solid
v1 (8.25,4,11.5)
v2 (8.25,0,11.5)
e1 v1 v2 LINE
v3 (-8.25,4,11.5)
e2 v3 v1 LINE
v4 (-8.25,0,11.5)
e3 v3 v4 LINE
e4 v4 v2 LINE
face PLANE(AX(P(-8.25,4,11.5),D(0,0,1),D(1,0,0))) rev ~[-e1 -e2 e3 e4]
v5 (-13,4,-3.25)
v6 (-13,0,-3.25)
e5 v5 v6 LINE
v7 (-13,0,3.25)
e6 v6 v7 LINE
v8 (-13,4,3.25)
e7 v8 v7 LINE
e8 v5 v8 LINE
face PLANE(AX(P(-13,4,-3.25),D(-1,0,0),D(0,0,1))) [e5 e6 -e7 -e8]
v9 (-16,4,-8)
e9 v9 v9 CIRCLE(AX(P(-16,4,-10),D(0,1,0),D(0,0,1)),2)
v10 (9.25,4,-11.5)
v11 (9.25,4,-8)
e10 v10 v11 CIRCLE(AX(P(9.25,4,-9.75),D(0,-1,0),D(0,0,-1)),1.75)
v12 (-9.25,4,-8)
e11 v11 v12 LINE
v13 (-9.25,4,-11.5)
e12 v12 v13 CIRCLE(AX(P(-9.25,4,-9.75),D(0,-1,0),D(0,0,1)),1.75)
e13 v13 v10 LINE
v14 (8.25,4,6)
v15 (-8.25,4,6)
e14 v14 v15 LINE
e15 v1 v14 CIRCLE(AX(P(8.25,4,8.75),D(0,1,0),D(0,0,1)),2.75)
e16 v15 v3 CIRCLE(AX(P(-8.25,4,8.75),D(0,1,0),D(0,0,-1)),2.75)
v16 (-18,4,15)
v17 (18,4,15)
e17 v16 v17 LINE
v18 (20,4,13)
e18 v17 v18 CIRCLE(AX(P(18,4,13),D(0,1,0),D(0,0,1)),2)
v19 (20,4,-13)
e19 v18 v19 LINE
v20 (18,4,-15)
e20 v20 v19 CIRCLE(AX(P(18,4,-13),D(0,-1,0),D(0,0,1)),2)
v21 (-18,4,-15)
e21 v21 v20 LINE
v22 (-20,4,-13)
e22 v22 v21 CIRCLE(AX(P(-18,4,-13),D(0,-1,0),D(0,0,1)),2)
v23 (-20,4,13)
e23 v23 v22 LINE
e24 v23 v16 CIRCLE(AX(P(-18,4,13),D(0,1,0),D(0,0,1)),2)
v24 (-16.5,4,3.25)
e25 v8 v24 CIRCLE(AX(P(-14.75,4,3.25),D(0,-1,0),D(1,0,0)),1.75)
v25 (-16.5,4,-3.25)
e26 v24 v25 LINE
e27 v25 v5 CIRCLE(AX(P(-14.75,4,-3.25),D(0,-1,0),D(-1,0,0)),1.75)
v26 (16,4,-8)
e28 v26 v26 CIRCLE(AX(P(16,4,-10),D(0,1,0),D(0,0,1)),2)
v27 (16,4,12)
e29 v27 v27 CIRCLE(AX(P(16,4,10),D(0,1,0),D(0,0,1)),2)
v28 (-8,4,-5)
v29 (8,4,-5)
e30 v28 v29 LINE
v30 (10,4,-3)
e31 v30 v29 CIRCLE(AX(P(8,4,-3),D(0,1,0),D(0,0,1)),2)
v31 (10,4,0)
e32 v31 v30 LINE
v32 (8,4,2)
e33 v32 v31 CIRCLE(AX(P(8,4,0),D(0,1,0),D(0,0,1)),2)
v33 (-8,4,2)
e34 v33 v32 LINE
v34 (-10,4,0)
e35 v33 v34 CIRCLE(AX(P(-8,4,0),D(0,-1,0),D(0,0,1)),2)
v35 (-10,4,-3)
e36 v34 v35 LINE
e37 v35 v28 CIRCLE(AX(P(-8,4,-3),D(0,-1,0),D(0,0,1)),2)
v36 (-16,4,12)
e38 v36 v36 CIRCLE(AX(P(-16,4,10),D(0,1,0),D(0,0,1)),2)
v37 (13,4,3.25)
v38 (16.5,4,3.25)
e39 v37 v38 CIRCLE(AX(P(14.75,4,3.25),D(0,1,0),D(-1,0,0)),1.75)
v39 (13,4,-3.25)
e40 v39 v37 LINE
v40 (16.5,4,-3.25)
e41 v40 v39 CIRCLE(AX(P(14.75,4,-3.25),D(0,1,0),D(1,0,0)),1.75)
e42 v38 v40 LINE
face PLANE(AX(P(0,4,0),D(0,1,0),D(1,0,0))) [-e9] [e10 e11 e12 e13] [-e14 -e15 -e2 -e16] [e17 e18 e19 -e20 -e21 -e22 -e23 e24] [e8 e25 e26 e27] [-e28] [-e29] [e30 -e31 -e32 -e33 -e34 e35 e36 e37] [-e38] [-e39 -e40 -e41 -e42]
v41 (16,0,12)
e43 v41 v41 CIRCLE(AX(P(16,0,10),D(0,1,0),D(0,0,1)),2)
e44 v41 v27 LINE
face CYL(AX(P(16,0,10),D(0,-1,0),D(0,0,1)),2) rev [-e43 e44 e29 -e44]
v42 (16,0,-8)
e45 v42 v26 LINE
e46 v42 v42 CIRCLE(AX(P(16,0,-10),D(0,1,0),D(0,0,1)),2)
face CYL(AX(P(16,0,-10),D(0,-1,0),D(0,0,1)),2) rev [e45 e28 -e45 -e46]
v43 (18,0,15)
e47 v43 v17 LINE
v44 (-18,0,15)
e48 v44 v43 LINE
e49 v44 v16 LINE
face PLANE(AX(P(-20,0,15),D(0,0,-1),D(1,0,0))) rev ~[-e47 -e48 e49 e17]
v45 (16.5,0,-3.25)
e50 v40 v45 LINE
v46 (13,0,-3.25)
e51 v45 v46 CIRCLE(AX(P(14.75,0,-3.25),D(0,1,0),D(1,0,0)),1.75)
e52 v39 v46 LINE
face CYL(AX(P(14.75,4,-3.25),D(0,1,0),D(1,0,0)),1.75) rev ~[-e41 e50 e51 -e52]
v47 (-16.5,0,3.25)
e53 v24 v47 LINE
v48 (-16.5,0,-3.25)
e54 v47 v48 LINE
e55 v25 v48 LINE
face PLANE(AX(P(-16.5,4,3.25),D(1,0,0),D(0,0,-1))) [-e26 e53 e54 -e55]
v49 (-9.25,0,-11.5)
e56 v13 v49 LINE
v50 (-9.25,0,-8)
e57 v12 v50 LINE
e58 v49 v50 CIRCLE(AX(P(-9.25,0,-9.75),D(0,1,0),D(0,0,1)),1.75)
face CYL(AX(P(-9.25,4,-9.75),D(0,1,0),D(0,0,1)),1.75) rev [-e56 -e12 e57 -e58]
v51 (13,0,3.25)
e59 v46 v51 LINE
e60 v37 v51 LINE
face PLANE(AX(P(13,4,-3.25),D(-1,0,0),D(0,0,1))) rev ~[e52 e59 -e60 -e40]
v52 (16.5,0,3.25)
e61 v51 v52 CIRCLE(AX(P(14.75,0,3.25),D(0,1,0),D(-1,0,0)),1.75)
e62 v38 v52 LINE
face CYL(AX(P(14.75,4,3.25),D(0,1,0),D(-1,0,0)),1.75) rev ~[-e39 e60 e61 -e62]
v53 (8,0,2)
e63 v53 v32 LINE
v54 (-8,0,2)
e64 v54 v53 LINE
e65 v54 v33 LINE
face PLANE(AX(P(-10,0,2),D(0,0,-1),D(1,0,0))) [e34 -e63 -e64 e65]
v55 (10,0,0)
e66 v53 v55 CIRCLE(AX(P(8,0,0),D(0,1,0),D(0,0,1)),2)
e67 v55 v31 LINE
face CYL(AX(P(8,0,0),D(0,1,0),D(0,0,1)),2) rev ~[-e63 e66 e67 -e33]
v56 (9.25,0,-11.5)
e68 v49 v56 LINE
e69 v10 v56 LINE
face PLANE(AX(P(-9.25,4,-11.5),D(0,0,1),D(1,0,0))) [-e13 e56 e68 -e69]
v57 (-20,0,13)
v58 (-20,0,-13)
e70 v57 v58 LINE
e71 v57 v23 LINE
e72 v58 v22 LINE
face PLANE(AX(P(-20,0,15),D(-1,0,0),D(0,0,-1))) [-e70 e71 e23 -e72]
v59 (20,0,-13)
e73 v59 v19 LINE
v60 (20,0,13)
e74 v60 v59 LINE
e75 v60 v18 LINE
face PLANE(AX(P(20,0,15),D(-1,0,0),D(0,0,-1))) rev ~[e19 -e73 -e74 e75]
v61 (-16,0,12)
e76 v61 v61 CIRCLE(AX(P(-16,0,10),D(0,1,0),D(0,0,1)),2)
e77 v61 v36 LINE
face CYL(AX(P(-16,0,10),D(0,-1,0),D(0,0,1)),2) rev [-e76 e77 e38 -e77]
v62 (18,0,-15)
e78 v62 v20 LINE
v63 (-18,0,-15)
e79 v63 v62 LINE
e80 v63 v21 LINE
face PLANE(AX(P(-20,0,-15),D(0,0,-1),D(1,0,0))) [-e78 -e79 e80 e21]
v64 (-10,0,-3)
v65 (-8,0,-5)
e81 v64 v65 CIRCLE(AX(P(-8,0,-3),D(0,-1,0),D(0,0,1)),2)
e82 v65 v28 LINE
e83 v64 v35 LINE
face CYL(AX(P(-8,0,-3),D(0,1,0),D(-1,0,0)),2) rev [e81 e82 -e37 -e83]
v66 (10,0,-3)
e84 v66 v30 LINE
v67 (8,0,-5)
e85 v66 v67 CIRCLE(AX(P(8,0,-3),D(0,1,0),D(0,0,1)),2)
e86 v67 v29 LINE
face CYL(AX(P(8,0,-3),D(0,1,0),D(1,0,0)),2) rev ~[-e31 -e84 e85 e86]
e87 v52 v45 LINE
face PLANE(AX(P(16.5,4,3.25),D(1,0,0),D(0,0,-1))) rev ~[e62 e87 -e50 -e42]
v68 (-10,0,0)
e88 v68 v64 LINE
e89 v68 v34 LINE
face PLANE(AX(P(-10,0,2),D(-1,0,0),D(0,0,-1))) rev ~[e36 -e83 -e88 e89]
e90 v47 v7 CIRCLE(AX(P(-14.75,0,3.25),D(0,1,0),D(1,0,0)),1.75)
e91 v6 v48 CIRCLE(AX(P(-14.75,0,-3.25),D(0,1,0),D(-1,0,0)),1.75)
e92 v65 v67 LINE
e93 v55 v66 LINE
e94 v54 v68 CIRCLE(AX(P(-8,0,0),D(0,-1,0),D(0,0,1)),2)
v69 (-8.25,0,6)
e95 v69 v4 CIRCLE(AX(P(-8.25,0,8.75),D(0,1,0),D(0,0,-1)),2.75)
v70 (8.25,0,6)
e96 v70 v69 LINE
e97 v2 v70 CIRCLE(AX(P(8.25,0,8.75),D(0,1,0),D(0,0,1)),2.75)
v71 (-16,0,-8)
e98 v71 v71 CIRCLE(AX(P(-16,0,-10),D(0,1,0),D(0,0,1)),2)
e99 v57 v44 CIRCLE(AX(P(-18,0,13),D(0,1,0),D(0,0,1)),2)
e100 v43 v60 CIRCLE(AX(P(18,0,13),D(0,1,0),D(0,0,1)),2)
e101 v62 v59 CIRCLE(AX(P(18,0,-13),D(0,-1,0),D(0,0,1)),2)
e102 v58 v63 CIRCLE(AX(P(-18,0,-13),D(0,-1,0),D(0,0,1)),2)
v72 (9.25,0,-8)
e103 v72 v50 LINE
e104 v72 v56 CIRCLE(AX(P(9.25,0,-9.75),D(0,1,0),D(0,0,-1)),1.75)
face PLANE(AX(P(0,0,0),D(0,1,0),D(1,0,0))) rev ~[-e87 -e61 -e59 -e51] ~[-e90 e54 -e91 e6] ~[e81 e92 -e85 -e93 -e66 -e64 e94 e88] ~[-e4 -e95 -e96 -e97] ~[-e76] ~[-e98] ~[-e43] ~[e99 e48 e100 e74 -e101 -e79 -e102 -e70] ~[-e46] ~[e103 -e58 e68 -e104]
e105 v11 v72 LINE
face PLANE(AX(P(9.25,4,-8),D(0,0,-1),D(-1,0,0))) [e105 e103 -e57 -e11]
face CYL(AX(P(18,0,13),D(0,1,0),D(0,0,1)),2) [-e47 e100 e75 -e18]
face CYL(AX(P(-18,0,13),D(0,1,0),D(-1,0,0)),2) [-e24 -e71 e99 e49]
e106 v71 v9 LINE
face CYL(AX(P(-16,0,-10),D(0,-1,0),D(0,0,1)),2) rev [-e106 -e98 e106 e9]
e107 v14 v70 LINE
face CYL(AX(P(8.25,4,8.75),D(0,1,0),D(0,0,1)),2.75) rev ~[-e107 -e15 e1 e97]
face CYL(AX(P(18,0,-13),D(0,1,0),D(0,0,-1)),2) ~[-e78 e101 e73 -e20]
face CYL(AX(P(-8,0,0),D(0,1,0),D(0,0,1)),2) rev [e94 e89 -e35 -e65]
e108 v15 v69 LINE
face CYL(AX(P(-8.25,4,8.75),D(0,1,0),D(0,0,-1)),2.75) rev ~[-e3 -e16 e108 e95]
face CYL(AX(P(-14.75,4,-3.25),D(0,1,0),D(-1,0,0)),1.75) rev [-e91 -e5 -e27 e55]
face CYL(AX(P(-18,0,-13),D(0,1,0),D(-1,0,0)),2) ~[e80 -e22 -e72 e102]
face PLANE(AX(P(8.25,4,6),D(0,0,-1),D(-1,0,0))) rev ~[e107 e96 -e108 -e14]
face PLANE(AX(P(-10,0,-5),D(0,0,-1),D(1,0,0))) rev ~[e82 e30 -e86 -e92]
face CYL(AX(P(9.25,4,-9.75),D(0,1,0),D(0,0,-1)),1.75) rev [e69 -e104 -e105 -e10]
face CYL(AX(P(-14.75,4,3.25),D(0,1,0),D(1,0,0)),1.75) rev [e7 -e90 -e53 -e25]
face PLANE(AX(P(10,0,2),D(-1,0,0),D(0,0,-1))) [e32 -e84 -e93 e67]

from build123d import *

# Parameters (mm, degrees)
SKETCH_1_W          = 40
SKETCH_1_H          = 30
SKETCH_1_R          = 2
SKETCH_1_W_2        = 20
SKETCH_1_H_2        = 7
EXTRUDE_1_DEPTH     = 4
CUT_EXTRUDE_1_DEPTH = 26.317977802
FILLET_1_R          = 2


with BuildPart() as part:
    # 草图1 → 凸台-拉伸1 (new body)
    with BuildSketch(Plane(origin=(0, 0, 0), x_dir=(1, 0, 0), z_dir=(0, 1, 0))):
        Rectangle(SKETCH_1_W, SKETCH_1_H)
        with Locations(Location((-16, 10, 0), (0, 0, 270))):
            Circle(SKETCH_1_R, mode=Mode.SUBTRACT)
        with Locations(Location((-16, -10, 0), (0, 0, 270))):
            Circle(SKETCH_1_R, mode=Mode.SUBTRACT)
        with Locations(Location((16, 10, 0), (0, 0, 270))):
            Circle(SKETCH_1_R, mode=Mode.SUBTRACT)
        with Locations(Location((16, -10, 0), (0, 0, 270))):
            Circle(SKETCH_1_R, mode=Mode.SUBTRACT)
        with Locations((0, 1.5)):
            Rectangle(SKETCH_1_W_2, SKETCH_1_H_2, mode=Mode.SUBTRACT)
    extrude(amount=EXTRUDE_1_DEPTH)

    # 草图2 → 切除-拉伸1 (cut, through all)
    with BuildSketch(Plane(origin=(0, 4, 0), x_dir=(1, 0, 0), z_dir=(0, 1, 0))):
        with BuildLine():
            Line((-9.25, 11.5), (9.25, 11.5))
            ThreePointArc((9.25, 11.5), (11, 9.75), (9.25, 8))
            Line((9.25, 8), (-9.25, 8))
            ThreePointArc((-9.25, 8), (-11, 9.75), (-9.25, 11.5))
        make_face()
        with BuildLine():
            Line((-13, 3.25), (-13, -3.25))
            ThreePointArc((-13, -3.25), (-14.75, -5), (-16.5, -3.25))
            Line((-16.5, -3.25), (-16.5, 3.25))
            ThreePointArc((-16.5, 3.25), (-14.75, 5), (-13, 3.25))
        make_face()
        with BuildLine():
            Line((13, 3.25), (13, -3.25))
            ThreePointArc((13, -3.25), (14.75, -5), (16.5, -3.25))
            Line((16.5, -3.25), (16.5, 3.25))
            ThreePointArc((16.5, 3.25), (14.75, 5), (13, 3.25))
        make_face()
        with BuildLine():
            Line((-8.25, -11.5), (8.25, -11.5))
            ThreePointArc((8.25, -11.5), (11, -8.75), (8.25, -6))
            Line((8.25, -6), (-8.25, -6))
            ThreePointArc((-8.25, -6), (-11, -8.75), (-8.25, -11.5))
        make_face()
    extrude(amount=-CUT_EXTRUDE_1_DEPTH, mode=Mode.SUBTRACT)

    # 圆角1
    fillet_1_edges = [part.edges().sort_by_distance(p)[0] for p in [
        (-10, 2, -5),
        (-10, 2, 2),
        (10, 2, 2),
        (10, 2, -5),
        (-20, 2, -15),
        (20, 2, -15),
        (20, 2, 15),
        (-20, 2, 15),
    ]]
    fillet(fillet_1_edges, radius=FILLET_1_R)


solid = part.part
